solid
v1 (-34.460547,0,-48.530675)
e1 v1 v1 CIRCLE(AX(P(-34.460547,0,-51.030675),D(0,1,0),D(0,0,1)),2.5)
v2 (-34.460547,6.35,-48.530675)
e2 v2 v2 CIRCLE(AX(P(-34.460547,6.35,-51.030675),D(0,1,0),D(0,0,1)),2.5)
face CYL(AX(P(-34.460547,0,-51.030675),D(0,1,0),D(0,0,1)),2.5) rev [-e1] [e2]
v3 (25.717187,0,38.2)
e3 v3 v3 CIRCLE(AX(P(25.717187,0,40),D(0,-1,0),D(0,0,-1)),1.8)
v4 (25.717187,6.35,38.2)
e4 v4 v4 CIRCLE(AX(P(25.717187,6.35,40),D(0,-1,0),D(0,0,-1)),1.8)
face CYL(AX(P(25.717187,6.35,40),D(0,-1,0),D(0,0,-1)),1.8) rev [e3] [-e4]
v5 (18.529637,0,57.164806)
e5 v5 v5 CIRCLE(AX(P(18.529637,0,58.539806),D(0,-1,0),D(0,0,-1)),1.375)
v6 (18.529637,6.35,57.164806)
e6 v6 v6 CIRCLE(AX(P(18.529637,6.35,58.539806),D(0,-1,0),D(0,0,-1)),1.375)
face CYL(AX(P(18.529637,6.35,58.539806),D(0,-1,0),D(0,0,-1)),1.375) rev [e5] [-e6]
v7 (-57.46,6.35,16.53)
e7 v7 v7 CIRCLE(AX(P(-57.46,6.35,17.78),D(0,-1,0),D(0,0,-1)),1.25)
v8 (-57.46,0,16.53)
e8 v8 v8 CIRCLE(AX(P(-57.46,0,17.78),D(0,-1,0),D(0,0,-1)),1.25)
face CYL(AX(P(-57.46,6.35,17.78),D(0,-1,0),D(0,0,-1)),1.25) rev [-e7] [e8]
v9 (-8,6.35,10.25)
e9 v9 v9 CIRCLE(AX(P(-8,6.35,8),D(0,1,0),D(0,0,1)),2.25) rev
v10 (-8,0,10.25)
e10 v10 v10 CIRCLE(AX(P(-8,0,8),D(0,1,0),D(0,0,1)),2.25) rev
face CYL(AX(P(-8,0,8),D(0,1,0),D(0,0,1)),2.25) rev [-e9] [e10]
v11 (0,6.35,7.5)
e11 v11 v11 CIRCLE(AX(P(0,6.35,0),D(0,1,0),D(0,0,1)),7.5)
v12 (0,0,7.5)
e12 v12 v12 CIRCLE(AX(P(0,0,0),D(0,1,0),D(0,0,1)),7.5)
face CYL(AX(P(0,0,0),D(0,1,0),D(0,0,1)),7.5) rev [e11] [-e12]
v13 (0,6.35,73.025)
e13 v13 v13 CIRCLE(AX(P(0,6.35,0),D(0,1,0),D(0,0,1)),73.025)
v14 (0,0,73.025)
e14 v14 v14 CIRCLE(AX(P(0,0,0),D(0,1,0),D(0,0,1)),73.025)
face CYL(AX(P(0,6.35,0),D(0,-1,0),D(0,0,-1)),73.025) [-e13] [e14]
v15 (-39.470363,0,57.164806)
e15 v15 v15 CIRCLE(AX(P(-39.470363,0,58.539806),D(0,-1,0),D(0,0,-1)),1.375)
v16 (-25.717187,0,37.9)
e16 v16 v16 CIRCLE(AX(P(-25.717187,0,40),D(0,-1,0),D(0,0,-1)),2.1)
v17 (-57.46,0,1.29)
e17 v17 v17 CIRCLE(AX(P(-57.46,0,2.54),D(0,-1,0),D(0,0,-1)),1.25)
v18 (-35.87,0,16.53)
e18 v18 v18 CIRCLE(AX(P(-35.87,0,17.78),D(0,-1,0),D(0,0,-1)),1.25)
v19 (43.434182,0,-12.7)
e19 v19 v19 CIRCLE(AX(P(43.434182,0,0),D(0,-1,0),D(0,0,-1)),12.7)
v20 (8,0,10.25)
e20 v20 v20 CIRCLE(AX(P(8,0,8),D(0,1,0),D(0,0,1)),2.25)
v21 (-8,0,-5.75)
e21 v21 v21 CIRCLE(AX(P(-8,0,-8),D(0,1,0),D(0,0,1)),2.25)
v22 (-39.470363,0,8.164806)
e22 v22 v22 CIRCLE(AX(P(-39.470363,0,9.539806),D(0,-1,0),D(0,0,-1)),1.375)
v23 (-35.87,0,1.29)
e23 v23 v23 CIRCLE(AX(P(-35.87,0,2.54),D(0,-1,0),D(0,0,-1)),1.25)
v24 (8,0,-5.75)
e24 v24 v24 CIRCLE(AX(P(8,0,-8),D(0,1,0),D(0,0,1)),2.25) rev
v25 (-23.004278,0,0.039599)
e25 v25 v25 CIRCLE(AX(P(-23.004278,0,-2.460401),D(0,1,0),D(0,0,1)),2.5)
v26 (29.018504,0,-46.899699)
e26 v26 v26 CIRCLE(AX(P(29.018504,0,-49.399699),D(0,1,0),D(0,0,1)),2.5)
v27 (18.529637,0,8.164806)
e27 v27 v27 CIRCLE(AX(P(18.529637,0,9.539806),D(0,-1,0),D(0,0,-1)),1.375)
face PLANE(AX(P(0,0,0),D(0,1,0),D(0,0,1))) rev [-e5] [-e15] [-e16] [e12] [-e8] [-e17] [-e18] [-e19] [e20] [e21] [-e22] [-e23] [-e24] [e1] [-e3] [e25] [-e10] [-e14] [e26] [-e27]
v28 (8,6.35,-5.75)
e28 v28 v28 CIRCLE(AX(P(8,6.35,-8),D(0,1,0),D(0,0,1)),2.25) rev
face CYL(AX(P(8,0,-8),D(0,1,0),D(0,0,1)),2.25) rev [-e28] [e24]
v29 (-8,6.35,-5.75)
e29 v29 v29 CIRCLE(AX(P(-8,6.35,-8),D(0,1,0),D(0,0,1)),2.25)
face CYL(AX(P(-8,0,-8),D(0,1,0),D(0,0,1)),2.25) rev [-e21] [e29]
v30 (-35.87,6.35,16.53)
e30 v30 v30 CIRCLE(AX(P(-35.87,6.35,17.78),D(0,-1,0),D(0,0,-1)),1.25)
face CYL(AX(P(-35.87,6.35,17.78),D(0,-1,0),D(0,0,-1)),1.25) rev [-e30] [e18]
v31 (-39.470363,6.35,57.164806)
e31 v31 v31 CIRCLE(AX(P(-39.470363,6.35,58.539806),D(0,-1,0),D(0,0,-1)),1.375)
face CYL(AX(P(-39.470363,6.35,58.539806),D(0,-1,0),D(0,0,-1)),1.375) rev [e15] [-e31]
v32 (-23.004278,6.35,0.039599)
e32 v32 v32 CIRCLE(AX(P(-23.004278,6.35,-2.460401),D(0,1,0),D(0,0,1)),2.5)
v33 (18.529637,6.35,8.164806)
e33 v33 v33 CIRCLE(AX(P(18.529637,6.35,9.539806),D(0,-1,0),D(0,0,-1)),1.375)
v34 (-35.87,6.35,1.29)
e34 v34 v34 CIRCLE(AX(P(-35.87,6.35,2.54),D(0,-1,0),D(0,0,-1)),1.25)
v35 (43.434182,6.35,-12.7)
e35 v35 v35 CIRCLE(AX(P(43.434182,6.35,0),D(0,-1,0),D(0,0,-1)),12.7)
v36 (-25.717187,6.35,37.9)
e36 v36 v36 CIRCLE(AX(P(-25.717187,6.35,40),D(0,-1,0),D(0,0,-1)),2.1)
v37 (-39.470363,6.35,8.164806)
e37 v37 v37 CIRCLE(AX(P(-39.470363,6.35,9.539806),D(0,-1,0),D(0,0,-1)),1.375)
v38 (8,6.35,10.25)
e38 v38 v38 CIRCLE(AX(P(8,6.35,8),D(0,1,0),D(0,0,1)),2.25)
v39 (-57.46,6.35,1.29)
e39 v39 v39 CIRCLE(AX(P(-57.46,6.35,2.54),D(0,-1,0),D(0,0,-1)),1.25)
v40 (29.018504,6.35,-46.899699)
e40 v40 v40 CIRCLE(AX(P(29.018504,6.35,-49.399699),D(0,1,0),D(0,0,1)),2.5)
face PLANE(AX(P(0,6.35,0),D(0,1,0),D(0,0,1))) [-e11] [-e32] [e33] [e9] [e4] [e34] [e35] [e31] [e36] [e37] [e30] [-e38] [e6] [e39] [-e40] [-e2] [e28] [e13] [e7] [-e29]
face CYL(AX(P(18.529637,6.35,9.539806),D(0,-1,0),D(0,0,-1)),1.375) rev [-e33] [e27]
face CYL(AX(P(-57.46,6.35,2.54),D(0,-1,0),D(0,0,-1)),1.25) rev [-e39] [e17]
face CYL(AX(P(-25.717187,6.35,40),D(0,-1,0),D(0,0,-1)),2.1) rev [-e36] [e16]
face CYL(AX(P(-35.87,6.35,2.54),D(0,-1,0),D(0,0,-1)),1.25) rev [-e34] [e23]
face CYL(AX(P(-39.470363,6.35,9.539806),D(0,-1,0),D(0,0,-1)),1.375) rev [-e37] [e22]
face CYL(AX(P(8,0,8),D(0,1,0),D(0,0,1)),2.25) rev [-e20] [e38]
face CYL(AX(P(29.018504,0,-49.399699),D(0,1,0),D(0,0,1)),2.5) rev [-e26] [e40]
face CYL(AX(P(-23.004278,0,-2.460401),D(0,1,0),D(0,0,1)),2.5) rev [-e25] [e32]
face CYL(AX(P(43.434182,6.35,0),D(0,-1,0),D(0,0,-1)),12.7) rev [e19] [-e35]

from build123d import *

# Parameters (mm, degrees)
SKETCH1_R           = 73.025
BOSS_EXTRUDE1_DEPTH = 6.35
SKETCH2_R           = 7.5
CUT_EXTRUDE1_DEPTH  = 104.467984179
SKETCH3_R           = 2.25
CUT_EXTRUDE2_DEPTH  = 104.467984179
SKETCH4_R           = 12.7
CUT_EXTRUDE3_DEPTH  = 104.467984179
SKETCH5_R           = 1.25
CUT_EXTRUDE4_DEPTH  = 104.467984179
SKETCH6_R           = 2.5
SKETCH6_R_2         = 2.2225
CUT_EXTRUDE5_DEPTH  = 104.467984179


with BuildPart() as part:
    # Sketch1 → Boss-Extrude1 (new body)
    with BuildSketch(Plane(origin=(0, 0, 0), x_dir=(1, 0, 0), z_dir=(0, 1, 0))):
        with Locations(Location((0, 0, 0), (0, 0, 270))):
            Circle(SKETCH1_R)
    extrude(amount=BOSS_EXTRUDE1_DEPTH)

    # Sketch2 → Cut-Extrude1 (cut, through all)
    with BuildSketch(Plane(origin=(0, 6.35, 0), x_dir=(1, 0, 0), z_dir=(0, 1, 0))):
        with Locations(Location((0, 0, 0), (0, 0, 270))):
            Circle(SKETCH2_R)
    extrude(amount=-CUT_EXTRUDE1_DEPTH, mode=Mode.SUBTRACT)

    # Sketch3 → Cut-Extrude2 (cut, through all)
    with BuildSketch(Plane(origin=(0, 6.35, 0), x_dir=(1, 0, 0), z_dir=(0, 1, 0))):
        with Locations(Location((-8, 8, 0), (0, 0, 270))):
            Circle(SKETCH3_R)
        with Locations(Location((8, 8, 0), (0, 0, 270))):
            Circle(SKETCH3_R)
        with Locations(Location((8, -8, 0), (0, 0, 270))):
            Circle(SKETCH3_R)
        with Locations(Location((-8, -8, 0), (0, 0, 270))):
            Circle(SKETCH3_R)
    extrude(amount=-CUT_EXTRUDE2_DEPTH, mode=Mode.SUBTRACT)

    # Sketch4 → Cut-Extrude3 (cut, through all)
    with BuildSketch(Plane.XZ):
        with Locations(Location((43.43418184, 0, 0), (0, 0, 270))):
            Circle(SKETCH4_R)
    extrude(amount=-CUT_EXTRUDE3_DEPTH, mode=Mode.SUBTRACT)

    # Sketch5 → Cut-Extrude4 (cut, through all)
    with BuildSketch(Plane.XZ):
        with BuildLine():
            ThreePointArc((-25.717186912, 42.1), (-27.817186912, 40), (-25.717186912, 37.9))
            ThreePointArc((-25.717186912, 37.9), (-24.232262671, 38.51507576), (-23.617186912, 40))
            ThreePointArc((-23.617186912, 40), (-24.232262671, 41.48492424), (-25.717186912, 42.1))
        make_face()
        with Locations(Location((-57.46, 17.78, 0), (0, 0, 270))):
            Circle(SKETCH5_R)
        with BuildLine():
            ThreePointArc((-38.095362557, 9.539806393), (-39.470362557, 10.914806393), (-40.845362557, 9.539806393))
            ThreePointArc((-40.845362557, 9.539806393), (-39.470362557, 8.164806393), (-38.095362557, 9.539806393))
        make_face()
        with Locations(Location((-35.87, 2.54, 0), (0, 0, 270))):
            Circle(SKETCH5_R)
        with Locations(Location((-57.46, 2.54, 0), (0, 0, 270))):
            Circle(SKETCH5_R)
        with BuildLine():
            ThreePointArc((-38.095362557, 58.539806393), (-39.470362557, 59.914806393), (-40.845362557, 58.539806393))
            ThreePointArc((-40.845362557, 58.539806393), (-39.470362557, 57.164806393), (-38.095362557, 58.539806393))
        make_face()
        with BuildLine():
            ThreePointArc((17.154637443, 58.539806393), (18.529637443, 57.164806393), (19.904637443, 58.539806393))
            ThreePointArc((19.904637443, 58.539806393), (18.529637443, 59.914806393), (17.154637443, 58.539806393))
        make_face()
        with BuildLine():
            ThreePointArc((25.717186912, 41.8), (23.917186912, 40), (25.717186912, 38.2))
            ThreePointArc((25.717186912, 38.2), (26.989979118, 38.727207794), (27.517186912, 40))
            ThreePointArc((27.517186912, 40), (26.989979118, 41.272792206), (25.717186912, 41.8))
        make_face()
        with BuildLine():
            ThreePointArc((19.904637443, 9.539806393), (18.529637443, 10.914806393), (17.154637443, 9.539806393))
            ThreePointArc((17.154637443, 9.539806393), (18.529637443, 8.164806393), (19.904637443, 9.539806393))
        make_face()
        with Locations(Location((-35.87, 17.78, 0), (0, 0, 270))):
            Circle(SKETCH5_R)
    extrude(amount=-CUT_EXTRUDE4_DEPTH, mode=Mode.SUBTRACT)

    # Sketch6 → Cut-Extrude5 (cut, through all)
    # profile 1 of 6: a face of its own
    with BuildSketch(Plane(origin=(0, 6.35, 0), x_dir=(1, 0, 0), z_dir=(0, 1, 0))):
        with Locations(Location((-34.460546587, 51.030675215, 0), (0, 0, 270))):
            Circle(SKETCH6_R)
        with Locations((-34.460546587, 51.030675215)):
            Circle(SKETCH6_R_2, mode=Mode.SUBTRACT)
    # profile 2 of 6: a face of its own
    with BuildSketch(Plane(origin=(0, 6.35, 0), x_dir=(1, 0, 0), z_dir=(0, 1, 0))):
        with Locations((-34.460546587, 51.030675215)):
            Circle(SKETCH6_R_2)
    # profile 3 of 6: a face of its own
    with BuildSketch(Plane(origin=(0, 6.35, 0), x_dir=(1, 0, 0), z_dir=(0, 1, 0))):
        with Locations(Location((29.018504419, 49.399698988, 0), (0, 0, 270))):
            Circle(SKETCH6_R)
        with Locations((29.018504419, 49.399698988)):
            Circle(SKETCH6_R_2, mode=Mode.SUBTRACT)
    # profile 4 of 6: a face of its own
    with BuildSketch(Plane(origin=(0, 6.35, 0), x_dir=(1, 0, 0), z_dir=(0, 1, 0))):
        with Locations((29.018504419, 49.399698988)):
            Circle(SKETCH6_R_2)
    # profile 5 of 6: a face of its own
    with BuildSketch(Plane(origin=(0, 6.35, 0), x_dir=(1, 0, 0), z_dir=(0, 1, 0))):
        with Locations(Location((-23.004278318, 2.460401205, 0), (0, 0, 270))):
            Circle(SKETCH6_R)
        with Locations((-23.004278318, 2.460401205)):
            Circle(SKETCH6_R_2, mode=Mode.SUBTRACT)
    # profile 6 of 6: a face of its own
    with BuildSketch(Plane(origin=(0, 6.35, 0), x_dir=(1, 0, 0), z_dir=(0, 1, 0))):
        with Locations((-23.004278318, 2.460401205)):
            Circle(SKETCH6_R_2)
    extrude(amount=-CUT_EXTRUDE5_DEPTH, mode=Mode.SUBTRACT)


solid = part.part
